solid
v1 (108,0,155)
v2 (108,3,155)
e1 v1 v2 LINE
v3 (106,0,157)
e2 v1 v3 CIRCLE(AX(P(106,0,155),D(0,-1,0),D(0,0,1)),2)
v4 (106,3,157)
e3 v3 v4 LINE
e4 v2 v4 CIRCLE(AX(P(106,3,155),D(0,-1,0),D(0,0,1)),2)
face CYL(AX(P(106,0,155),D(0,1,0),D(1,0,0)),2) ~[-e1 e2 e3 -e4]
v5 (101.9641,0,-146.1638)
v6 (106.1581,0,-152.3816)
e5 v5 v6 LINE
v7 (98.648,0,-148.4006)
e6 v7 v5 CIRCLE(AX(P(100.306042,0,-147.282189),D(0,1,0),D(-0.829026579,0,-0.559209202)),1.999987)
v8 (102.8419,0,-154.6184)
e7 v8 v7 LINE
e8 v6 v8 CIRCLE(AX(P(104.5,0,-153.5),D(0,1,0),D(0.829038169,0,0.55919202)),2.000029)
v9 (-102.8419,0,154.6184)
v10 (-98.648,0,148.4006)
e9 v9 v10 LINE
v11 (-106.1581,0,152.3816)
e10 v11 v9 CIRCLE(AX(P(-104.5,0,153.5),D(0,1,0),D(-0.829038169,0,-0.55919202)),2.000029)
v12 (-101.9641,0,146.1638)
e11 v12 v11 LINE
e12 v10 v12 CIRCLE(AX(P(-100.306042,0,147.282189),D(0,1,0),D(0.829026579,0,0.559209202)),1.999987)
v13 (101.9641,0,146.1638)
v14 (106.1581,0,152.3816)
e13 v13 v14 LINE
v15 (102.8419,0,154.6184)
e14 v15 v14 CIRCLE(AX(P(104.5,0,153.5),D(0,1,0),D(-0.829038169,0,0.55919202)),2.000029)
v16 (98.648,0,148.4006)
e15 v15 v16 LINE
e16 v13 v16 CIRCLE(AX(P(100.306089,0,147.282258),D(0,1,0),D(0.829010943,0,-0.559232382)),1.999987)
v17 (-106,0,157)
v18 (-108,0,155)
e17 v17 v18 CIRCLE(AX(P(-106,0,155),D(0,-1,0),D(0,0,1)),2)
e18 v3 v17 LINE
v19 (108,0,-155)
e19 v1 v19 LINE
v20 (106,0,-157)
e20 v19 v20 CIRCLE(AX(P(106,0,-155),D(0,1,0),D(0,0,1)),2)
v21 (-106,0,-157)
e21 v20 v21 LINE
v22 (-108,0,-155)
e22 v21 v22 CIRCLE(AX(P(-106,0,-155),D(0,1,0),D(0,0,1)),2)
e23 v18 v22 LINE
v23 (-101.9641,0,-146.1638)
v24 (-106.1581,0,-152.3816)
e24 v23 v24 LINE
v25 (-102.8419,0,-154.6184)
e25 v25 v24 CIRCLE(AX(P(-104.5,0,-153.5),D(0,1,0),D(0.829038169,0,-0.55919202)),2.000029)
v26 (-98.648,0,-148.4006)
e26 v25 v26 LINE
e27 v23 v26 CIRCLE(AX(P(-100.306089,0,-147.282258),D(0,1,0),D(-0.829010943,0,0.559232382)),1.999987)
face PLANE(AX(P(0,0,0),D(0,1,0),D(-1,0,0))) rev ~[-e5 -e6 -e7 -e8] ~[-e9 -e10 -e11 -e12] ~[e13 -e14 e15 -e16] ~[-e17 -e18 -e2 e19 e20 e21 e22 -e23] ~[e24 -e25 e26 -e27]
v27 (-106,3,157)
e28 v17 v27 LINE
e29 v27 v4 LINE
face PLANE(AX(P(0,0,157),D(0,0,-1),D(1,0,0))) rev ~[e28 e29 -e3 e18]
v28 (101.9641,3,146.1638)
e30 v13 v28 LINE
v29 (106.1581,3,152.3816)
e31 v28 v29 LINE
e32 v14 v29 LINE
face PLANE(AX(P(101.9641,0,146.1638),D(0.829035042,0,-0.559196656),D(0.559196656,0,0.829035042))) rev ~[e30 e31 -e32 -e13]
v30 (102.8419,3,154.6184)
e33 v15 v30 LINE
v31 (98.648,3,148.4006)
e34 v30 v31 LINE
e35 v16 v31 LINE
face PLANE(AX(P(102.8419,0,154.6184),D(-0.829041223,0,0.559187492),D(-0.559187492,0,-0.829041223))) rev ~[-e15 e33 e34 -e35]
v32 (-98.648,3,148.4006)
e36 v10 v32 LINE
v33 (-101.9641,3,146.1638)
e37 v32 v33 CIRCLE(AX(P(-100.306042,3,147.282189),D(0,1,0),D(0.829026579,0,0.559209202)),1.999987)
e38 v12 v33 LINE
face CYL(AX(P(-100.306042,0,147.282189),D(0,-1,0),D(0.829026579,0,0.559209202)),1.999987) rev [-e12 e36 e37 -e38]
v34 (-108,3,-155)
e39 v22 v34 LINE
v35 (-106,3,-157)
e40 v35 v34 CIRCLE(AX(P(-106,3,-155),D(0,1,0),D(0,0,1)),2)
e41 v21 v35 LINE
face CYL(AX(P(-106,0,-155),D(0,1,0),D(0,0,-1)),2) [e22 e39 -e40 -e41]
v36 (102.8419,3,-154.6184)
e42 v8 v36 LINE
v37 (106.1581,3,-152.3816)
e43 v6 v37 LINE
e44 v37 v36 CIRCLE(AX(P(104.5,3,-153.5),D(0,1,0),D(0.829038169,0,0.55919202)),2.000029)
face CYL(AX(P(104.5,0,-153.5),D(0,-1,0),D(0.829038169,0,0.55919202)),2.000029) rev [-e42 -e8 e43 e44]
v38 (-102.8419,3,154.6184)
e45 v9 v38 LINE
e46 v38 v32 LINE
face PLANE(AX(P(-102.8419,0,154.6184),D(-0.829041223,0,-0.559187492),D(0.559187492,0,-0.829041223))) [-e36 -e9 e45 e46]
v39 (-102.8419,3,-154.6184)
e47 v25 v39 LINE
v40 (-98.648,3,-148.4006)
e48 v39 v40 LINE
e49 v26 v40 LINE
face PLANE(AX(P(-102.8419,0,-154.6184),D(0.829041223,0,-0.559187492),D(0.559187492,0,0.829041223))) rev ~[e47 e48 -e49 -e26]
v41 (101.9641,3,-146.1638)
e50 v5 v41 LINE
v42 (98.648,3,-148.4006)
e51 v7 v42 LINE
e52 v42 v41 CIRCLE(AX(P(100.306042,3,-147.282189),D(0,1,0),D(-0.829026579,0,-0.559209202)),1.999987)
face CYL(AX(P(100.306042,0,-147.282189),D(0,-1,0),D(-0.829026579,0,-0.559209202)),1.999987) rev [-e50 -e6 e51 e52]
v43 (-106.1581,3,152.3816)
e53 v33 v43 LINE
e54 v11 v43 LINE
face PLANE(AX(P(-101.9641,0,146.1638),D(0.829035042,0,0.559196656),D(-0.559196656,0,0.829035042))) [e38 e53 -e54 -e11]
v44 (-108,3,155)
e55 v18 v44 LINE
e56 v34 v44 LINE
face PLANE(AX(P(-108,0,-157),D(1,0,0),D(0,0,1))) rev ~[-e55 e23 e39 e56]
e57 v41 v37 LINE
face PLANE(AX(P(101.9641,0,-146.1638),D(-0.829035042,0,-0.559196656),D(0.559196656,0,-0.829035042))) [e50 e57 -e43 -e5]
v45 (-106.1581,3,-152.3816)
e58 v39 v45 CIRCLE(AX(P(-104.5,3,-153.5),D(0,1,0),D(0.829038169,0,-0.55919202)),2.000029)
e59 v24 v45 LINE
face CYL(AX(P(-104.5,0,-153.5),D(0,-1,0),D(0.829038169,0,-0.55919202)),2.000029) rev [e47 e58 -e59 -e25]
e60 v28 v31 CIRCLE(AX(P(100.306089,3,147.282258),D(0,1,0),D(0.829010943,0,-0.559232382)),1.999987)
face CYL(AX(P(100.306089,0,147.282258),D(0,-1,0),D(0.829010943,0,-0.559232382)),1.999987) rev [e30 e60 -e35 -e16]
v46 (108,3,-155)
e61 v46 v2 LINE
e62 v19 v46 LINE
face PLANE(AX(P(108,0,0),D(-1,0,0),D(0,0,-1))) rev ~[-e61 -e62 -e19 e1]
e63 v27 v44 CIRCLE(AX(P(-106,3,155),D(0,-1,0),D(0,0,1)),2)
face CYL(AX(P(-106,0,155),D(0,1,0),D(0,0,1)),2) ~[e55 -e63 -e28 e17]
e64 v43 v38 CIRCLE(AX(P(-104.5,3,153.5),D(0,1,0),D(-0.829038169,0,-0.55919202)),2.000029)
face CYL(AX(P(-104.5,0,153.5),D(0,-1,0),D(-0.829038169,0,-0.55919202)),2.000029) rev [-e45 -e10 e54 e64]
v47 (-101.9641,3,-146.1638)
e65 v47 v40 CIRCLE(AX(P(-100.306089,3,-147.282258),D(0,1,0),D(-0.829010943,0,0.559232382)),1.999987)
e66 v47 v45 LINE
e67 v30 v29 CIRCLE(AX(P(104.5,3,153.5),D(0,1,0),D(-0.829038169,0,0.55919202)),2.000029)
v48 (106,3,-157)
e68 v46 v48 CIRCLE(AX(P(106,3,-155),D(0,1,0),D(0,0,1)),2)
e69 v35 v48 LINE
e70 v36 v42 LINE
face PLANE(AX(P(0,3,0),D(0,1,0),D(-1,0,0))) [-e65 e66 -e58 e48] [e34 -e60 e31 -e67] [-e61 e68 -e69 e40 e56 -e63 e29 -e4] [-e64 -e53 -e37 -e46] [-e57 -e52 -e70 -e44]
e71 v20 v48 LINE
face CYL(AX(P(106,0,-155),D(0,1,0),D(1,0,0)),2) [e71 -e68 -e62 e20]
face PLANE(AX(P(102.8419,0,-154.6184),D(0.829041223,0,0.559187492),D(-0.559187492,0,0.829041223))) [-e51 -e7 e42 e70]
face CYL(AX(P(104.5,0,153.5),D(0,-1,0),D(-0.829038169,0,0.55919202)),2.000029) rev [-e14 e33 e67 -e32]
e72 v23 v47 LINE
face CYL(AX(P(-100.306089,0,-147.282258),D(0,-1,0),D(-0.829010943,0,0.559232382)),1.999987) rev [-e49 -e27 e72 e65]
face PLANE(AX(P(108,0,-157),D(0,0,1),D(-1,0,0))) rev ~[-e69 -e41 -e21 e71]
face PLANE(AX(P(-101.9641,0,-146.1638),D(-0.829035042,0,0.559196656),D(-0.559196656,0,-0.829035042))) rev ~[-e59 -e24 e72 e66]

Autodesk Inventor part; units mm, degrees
ref_plane "YZ Plane" through (0, 0, 0) normal (1, 0, 0) x (0, 1, 0)
ref_plane "XZ Plane" through (0, 0, 0) normal (0, 1, 0) x (-1, 0, 0)
ref_plane "XY Plane" through (0, 0, 0) normal (0, 0, 1) x (1, 0, 0)
sketch "Sketch1" plane through (0, 0, 0) normal (0, 1, 0) x (-1, 0, 0)
  line L0 (-108, -157) -> (108, -157)
  line L1 (108, -157) -> (108, 157)
  line L2 (108, 157) -> (-108, 157)
  line L3 (-108, 157) -> (-108, -157)
  line L4 (-108, -157) -> (108, 157) construction
  line L5 (108, -157) -> (-108, 157) construction
  line L6 (104.5, 153.5) -> (100.3061, 147.2822) construction
  line L7 (102.8419, 154.6184) -> (98.648, 148.4006)
  line L8 (101.9641, 146.1638) -> (106.1581, 152.3816)
  arc A0 (106.1581, 152.3816) -> (102.8419, 154.6184) centre (104.5, 153.5) ccw
  arc A1 (98.648, 148.4006) -> (101.9641, 146.1638) centre (100.3061, 147.2822) ccw
  line L9 (0, -219.8) -> (0, 219.8) projected
  line L10 (151.2, 0) -> (-151.2, 0) projected
  line L11 (-102.8419, 154.6184) -> (-98.648, 148.4006)
  line L12 (-101.9641, 146.1638) -> (-106.1581, 152.3816)
  arc A2 (-102.8419, 154.6184) -> (-106.1581, 152.3816) centre (-104.5, 153.5) ccw
  arc A3 (-101.9641, 146.1638) -> (-98.648, 148.4006) centre (-100.3061, 147.2822) ccw
  line L13 (102.8419, -154.6184) -> (98.648, -148.4006)
  line L14 (101.9641, -146.1638) -> (106.1581, -152.3816)
  arc A4 (102.8419, -154.6184) -> (106.1581, -152.3816) centre (104.5, -153.5) ccw
  arc A5 (101.9641, -146.1638) -> (98.648, -148.4006) centre (100.3061, -147.2822) ccw
  line L15 (-101.9641, -146.1638) -> (-106.1581, -152.3816)
  arc A6 (-106.1581, -152.3816) -> (-102.8419, -154.6184) centre (-104.5, -153.5) ccw
  line L16 (-102.8419, -154.6184) -> (-98.648, -148.4006)
  arc A7 (-98.648, -148.4006) -> (-101.9641, -146.1638) centre (-100.3061, -147.2822) ccw
  point P0 (0, 0)
  point P1 (102.403, 150.3911)
  dimension "d0" = 314
  dimension "d1" = 216
  dimension "d2" = 7.5
  dimension "d3" = 3.5
  dimension "d4" = 3.5
  dimension "d5" = 2
  dimension "d6" = 34
extrude "Extrusion1" add sketch "Sketch1" along normal blind 3
fillet "Fillet1" radius 2 4 edges at (108, 1.5, 157) (108, 1.5, -157) (-108, 1.5, -157) (-108, 1.5, 157)
properties part number "E3D High Temperature Bed 300x200" material "Copper"
